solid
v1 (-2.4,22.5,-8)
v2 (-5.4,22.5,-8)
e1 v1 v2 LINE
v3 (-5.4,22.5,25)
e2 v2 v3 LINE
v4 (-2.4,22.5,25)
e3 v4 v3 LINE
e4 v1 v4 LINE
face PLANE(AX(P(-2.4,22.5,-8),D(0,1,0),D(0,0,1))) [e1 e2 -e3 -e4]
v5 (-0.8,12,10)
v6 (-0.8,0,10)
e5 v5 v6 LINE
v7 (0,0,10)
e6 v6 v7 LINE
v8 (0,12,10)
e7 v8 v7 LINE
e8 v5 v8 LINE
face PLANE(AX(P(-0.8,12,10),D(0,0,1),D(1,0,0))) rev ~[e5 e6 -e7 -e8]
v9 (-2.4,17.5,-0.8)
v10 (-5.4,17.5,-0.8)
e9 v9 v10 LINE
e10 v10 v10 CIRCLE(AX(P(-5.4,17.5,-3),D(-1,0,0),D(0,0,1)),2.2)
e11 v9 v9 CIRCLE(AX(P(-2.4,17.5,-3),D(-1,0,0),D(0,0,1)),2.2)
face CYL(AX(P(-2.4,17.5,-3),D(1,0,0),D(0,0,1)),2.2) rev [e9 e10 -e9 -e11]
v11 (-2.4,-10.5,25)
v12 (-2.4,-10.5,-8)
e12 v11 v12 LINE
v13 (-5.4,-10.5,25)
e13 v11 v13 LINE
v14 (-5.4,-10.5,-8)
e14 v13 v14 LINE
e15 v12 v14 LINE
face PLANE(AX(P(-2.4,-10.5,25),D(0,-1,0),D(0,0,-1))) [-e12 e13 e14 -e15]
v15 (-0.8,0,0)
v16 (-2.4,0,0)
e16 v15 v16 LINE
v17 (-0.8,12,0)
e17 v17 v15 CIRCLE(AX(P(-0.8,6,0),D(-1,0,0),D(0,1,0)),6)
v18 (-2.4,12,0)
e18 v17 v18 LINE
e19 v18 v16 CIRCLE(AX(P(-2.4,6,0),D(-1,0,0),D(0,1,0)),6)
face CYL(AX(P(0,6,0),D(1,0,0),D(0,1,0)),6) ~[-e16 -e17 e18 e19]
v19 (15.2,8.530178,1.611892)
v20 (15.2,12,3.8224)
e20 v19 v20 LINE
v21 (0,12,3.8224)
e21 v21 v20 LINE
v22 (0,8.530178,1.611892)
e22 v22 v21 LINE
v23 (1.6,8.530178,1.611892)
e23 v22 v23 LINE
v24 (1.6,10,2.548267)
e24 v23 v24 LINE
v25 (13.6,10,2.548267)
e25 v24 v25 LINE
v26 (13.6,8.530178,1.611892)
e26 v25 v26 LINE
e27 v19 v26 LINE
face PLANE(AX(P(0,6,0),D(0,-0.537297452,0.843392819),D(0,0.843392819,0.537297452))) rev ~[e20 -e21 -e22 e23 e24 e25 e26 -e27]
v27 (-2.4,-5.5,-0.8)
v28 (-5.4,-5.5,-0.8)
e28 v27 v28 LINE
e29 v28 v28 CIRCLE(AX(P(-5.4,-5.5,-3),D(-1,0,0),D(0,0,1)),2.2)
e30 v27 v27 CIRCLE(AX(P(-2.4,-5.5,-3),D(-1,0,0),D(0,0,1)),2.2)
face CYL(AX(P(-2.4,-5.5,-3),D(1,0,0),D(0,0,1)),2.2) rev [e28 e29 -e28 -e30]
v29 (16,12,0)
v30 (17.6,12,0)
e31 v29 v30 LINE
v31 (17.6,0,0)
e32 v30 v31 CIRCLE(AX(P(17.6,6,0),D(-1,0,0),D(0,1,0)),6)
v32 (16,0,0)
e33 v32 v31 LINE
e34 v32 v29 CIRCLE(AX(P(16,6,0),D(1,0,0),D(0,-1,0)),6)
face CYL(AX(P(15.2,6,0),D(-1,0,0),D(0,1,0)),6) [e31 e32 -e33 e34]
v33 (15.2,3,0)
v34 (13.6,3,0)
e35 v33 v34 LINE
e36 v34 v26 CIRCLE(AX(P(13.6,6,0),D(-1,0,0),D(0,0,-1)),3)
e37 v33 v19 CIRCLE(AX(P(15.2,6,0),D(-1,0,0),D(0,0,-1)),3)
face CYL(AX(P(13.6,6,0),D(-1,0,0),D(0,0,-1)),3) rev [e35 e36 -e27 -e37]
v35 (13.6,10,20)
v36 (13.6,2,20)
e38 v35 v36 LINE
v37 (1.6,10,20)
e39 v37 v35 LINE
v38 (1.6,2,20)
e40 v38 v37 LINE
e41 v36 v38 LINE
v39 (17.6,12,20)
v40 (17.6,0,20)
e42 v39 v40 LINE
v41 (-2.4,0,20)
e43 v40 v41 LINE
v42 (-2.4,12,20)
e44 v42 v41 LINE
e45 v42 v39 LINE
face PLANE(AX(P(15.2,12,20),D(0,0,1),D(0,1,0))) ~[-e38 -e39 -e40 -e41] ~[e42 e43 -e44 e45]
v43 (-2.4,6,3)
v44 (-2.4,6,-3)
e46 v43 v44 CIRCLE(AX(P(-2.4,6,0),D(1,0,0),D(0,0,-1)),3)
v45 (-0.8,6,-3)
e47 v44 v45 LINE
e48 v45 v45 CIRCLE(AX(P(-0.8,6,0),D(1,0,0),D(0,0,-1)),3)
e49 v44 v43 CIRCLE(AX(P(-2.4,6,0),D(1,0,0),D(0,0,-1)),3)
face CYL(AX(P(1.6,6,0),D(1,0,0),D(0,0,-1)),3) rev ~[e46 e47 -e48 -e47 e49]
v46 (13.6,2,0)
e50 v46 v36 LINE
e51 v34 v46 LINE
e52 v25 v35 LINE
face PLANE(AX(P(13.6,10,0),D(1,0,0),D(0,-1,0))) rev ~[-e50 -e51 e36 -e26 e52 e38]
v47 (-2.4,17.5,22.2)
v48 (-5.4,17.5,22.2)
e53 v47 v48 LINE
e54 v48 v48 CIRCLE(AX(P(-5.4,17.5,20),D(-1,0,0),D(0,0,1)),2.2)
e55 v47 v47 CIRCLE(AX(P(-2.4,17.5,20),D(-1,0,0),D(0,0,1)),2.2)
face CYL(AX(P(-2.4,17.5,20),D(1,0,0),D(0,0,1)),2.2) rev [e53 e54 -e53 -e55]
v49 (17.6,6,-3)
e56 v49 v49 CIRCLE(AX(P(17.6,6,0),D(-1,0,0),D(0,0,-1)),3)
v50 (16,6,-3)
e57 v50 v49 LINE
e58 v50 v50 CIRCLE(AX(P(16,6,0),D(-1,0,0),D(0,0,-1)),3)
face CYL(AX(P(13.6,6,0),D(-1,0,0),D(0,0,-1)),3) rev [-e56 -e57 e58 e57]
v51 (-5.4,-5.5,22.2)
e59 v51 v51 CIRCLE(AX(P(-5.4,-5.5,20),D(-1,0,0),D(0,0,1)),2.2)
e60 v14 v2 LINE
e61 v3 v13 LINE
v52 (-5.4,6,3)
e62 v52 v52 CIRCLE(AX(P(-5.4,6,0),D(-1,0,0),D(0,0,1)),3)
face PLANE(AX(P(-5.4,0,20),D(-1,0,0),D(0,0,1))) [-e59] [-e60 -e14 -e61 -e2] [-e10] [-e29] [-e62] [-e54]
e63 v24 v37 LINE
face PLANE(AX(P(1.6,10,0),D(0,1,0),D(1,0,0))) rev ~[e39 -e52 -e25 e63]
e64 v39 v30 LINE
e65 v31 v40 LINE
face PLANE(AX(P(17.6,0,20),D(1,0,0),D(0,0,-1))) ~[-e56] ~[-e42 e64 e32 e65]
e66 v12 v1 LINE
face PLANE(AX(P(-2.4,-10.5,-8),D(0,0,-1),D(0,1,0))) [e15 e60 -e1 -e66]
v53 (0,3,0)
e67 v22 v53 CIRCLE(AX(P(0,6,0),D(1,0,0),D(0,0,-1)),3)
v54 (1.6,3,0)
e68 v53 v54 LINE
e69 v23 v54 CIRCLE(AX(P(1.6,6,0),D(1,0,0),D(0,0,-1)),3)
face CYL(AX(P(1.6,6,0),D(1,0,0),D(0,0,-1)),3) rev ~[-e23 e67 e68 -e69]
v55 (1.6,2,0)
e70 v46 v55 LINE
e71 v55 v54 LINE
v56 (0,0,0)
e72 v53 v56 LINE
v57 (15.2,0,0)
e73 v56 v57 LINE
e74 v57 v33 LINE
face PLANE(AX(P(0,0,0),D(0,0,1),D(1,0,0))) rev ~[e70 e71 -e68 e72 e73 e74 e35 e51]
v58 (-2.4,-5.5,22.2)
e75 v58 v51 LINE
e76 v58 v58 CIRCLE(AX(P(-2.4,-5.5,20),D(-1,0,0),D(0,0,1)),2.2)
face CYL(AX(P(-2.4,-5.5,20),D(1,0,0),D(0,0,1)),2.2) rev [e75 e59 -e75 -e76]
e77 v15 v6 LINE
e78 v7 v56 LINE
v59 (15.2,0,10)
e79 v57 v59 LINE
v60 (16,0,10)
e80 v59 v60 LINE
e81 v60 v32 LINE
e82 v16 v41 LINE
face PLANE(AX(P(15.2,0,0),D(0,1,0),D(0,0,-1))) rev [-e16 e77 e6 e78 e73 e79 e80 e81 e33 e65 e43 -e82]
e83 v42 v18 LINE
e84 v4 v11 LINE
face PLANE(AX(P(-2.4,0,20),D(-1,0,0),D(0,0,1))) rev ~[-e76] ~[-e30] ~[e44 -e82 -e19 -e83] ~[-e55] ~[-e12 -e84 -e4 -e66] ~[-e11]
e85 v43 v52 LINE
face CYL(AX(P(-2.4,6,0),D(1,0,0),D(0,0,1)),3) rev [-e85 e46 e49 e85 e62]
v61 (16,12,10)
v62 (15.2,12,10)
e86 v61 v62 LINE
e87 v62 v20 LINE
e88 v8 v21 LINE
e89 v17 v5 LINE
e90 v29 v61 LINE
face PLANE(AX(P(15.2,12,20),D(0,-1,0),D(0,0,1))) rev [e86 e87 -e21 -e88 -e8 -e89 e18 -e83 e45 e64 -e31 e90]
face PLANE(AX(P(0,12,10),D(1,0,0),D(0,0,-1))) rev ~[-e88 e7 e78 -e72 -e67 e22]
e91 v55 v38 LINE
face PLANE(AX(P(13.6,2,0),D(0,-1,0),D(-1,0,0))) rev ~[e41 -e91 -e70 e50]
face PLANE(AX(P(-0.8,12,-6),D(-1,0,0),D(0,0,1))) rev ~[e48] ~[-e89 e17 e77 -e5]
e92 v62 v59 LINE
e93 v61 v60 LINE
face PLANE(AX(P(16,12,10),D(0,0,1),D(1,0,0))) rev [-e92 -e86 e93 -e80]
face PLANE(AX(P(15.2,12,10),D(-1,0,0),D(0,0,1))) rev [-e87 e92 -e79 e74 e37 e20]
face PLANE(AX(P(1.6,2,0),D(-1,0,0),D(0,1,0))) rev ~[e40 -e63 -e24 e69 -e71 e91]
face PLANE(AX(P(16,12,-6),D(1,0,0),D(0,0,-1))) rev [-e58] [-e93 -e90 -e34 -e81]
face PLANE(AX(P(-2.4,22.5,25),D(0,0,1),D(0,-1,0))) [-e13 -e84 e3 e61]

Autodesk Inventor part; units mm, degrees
ref_plane "YZ Plane" through (0, 0, 0) normal (1, 0, 0) x (0, 1, 0)
ref_plane "XZ Plane" through (0, 0, 0) normal (0, 1, 0) x (-1, 0, 0)
sketch "Sketch1" plane through (0, 0, 0) normal (0, 0, 1) x (1, 0, 0)
  line L0 (0, 0) -> (15.2, 0)
  line L1 (15.2, 0) -> (15.2, 12)
  line L2 (15.2, 12) -> (0, 12)
  line L3 (0, 12) -> (0, 0)
  line L4 (1.6, 10) -> (13.6, 10)
  line L5 (13.6, 10) -> (13.6, 2)
  line L6 (13.6, 2) -> (1.6, 2)
  line L7 (1.6, 2) -> (1.6, 10)
  dimension "d0" = 15.2
  dimension "d1" = 12
  dimension "d2" = 1.6
  dimension "d3" = 2
  dimension "d4" = 2
  dimension "d5" = 1.6
extrude "Extrusion1" add sketch "Sketch1" along normal blind 20
sketch "Sketch2" plane through (0, 0, 0) normal (1, 0, 0) x (0, 1, 0)
  line L0 (0, 0) -> (12, 0) construction
  line L1 (6, 13.0663) -> (6, -2.0093) construction
  line L2 (0, 0) -> (0, 20) construction
  line L3 (12, 0) -> (12, 20) construction
  line L4 (6, 0) -> (12, 3.8224)
  line L5 (12, 3.8224) -> (12, 0)
  line L6 (12, 0) -> (6, 0)
  dimension "d8" = 12
  dimension "d9" = 6
  dimension "d10" = 32.5
extrude "Extrusion2" cut sketch "Sketch2" along normal through all
sketch "Sketch9" plane through (0, 0, 20) normal (-1, 0, 0) x (0, 0, 1)
  line L0 (-20, 0) -> (0, 0) construction
  line L1 (0, 12) -> (0, 0) construction
  line L2 (-16.1776, 12) -> (0, 12) construction
  line L3 (-20, 0) -> (-20, 14.5103) construction
  line L4 (-20, 0) -> (0, 0)
  line L5 (0, 12) -> (0, 0)
  line L6 (0, 12) -> (-20, 12)
  arc A0 (-20, 12) -> (-20, 0) centre (-20, 6) ccw
extrude "Extrusion8" add sketch "Sketch9" along normal blind 2.4
sketch "Sketch4" plane through (1.6, 2, 20) normal (1, 0, 0) x (0, 0, -1)
  circle A0 centre (20, 4) radius 3
  point P0 (20, -2)
  dimension "d14" = 6
extrude "Extrusion3" cut sketch "Sketch4" along normal through all both and the other way through all
sketch "Sketch11" plane through (15.2, 12, 20) normal (0, 1, 0) x (1, 0, 0)
  line L0 (0, 0) -> (-17.6, 0) construction
  line L1 (-15.2, 26) -> (-15.2, 20) construction
  line L2 (-15.2, 26) -> (-16, 26)
  line L3 (-16, 26) -> (-16, 10)
  line L4 (-16, 10) -> (-15.2, 10)
  line L5 (-15.2, 10) -> (-15.2, 26)
  line L6 (-15.2, 20) -> (-13.6, 20) construction
  dimension "d38" = 10
  dimension "d39" = 0.8
extrude "Extrusion9" cut sketch "Sketch11" against normal through all
ref_plane "Work Plane4" through (7.6, 2, 20) normal (-1, 0, 0) x (0, 0, 1)
mirror "Mirror3" about plane through (7.6, 2, 20) normal (-1, 0, 0) of "Extrusion8", "Extrusion3", "Extrusion9"
sketch "Sketch17" plane through (-2.4, 0, 20) normal (-1, 0, 0) x (0, 0, 1)
  circle A0 centre (-20, 6) radius 3 projected
  line L0 (0, 0) -> (0, 12) construction
  arc A1 (-20, 12) -> (-20, 0) centre (-20, 6) ccw construction
  line L1 (5, -10.5) -> (-28, -10.5)
  line L2 (-28, -10.5) -> (-28, 22.5)
  line L3 (-28, 22.5) -> (5, 22.5)
  line L4 (5, 22.5) -> (5, -10.5)
  line L5 (-20, 6) -> (17.487, 6) construction
  circle A2 centre (-23, 17.5) radius 2.2
  circle A3 centre (0, 17.5) radius 2.2
  circle A4 centre (-23, -5.5) radius 2.2
  circle A5 centre (0, -5.5) radius 2.2
  dimension "d82" = 33
  dimension "d83" = 5
  dimension "d84" = 16.5
  dimension "d85" = 4.4
  dimension "d86" = 5
  dimension "d87" = 5
  dimension "d90" = 23
  dimension "d93" = 23
extrude "Extrusion15" add sketch "Sketch17" along normal blind 3
equation "\"d9\" = 0.5 * d8"
equation "\"d84\" = 0.5 * d82"
properties part number "chain_end_extruder-back"
